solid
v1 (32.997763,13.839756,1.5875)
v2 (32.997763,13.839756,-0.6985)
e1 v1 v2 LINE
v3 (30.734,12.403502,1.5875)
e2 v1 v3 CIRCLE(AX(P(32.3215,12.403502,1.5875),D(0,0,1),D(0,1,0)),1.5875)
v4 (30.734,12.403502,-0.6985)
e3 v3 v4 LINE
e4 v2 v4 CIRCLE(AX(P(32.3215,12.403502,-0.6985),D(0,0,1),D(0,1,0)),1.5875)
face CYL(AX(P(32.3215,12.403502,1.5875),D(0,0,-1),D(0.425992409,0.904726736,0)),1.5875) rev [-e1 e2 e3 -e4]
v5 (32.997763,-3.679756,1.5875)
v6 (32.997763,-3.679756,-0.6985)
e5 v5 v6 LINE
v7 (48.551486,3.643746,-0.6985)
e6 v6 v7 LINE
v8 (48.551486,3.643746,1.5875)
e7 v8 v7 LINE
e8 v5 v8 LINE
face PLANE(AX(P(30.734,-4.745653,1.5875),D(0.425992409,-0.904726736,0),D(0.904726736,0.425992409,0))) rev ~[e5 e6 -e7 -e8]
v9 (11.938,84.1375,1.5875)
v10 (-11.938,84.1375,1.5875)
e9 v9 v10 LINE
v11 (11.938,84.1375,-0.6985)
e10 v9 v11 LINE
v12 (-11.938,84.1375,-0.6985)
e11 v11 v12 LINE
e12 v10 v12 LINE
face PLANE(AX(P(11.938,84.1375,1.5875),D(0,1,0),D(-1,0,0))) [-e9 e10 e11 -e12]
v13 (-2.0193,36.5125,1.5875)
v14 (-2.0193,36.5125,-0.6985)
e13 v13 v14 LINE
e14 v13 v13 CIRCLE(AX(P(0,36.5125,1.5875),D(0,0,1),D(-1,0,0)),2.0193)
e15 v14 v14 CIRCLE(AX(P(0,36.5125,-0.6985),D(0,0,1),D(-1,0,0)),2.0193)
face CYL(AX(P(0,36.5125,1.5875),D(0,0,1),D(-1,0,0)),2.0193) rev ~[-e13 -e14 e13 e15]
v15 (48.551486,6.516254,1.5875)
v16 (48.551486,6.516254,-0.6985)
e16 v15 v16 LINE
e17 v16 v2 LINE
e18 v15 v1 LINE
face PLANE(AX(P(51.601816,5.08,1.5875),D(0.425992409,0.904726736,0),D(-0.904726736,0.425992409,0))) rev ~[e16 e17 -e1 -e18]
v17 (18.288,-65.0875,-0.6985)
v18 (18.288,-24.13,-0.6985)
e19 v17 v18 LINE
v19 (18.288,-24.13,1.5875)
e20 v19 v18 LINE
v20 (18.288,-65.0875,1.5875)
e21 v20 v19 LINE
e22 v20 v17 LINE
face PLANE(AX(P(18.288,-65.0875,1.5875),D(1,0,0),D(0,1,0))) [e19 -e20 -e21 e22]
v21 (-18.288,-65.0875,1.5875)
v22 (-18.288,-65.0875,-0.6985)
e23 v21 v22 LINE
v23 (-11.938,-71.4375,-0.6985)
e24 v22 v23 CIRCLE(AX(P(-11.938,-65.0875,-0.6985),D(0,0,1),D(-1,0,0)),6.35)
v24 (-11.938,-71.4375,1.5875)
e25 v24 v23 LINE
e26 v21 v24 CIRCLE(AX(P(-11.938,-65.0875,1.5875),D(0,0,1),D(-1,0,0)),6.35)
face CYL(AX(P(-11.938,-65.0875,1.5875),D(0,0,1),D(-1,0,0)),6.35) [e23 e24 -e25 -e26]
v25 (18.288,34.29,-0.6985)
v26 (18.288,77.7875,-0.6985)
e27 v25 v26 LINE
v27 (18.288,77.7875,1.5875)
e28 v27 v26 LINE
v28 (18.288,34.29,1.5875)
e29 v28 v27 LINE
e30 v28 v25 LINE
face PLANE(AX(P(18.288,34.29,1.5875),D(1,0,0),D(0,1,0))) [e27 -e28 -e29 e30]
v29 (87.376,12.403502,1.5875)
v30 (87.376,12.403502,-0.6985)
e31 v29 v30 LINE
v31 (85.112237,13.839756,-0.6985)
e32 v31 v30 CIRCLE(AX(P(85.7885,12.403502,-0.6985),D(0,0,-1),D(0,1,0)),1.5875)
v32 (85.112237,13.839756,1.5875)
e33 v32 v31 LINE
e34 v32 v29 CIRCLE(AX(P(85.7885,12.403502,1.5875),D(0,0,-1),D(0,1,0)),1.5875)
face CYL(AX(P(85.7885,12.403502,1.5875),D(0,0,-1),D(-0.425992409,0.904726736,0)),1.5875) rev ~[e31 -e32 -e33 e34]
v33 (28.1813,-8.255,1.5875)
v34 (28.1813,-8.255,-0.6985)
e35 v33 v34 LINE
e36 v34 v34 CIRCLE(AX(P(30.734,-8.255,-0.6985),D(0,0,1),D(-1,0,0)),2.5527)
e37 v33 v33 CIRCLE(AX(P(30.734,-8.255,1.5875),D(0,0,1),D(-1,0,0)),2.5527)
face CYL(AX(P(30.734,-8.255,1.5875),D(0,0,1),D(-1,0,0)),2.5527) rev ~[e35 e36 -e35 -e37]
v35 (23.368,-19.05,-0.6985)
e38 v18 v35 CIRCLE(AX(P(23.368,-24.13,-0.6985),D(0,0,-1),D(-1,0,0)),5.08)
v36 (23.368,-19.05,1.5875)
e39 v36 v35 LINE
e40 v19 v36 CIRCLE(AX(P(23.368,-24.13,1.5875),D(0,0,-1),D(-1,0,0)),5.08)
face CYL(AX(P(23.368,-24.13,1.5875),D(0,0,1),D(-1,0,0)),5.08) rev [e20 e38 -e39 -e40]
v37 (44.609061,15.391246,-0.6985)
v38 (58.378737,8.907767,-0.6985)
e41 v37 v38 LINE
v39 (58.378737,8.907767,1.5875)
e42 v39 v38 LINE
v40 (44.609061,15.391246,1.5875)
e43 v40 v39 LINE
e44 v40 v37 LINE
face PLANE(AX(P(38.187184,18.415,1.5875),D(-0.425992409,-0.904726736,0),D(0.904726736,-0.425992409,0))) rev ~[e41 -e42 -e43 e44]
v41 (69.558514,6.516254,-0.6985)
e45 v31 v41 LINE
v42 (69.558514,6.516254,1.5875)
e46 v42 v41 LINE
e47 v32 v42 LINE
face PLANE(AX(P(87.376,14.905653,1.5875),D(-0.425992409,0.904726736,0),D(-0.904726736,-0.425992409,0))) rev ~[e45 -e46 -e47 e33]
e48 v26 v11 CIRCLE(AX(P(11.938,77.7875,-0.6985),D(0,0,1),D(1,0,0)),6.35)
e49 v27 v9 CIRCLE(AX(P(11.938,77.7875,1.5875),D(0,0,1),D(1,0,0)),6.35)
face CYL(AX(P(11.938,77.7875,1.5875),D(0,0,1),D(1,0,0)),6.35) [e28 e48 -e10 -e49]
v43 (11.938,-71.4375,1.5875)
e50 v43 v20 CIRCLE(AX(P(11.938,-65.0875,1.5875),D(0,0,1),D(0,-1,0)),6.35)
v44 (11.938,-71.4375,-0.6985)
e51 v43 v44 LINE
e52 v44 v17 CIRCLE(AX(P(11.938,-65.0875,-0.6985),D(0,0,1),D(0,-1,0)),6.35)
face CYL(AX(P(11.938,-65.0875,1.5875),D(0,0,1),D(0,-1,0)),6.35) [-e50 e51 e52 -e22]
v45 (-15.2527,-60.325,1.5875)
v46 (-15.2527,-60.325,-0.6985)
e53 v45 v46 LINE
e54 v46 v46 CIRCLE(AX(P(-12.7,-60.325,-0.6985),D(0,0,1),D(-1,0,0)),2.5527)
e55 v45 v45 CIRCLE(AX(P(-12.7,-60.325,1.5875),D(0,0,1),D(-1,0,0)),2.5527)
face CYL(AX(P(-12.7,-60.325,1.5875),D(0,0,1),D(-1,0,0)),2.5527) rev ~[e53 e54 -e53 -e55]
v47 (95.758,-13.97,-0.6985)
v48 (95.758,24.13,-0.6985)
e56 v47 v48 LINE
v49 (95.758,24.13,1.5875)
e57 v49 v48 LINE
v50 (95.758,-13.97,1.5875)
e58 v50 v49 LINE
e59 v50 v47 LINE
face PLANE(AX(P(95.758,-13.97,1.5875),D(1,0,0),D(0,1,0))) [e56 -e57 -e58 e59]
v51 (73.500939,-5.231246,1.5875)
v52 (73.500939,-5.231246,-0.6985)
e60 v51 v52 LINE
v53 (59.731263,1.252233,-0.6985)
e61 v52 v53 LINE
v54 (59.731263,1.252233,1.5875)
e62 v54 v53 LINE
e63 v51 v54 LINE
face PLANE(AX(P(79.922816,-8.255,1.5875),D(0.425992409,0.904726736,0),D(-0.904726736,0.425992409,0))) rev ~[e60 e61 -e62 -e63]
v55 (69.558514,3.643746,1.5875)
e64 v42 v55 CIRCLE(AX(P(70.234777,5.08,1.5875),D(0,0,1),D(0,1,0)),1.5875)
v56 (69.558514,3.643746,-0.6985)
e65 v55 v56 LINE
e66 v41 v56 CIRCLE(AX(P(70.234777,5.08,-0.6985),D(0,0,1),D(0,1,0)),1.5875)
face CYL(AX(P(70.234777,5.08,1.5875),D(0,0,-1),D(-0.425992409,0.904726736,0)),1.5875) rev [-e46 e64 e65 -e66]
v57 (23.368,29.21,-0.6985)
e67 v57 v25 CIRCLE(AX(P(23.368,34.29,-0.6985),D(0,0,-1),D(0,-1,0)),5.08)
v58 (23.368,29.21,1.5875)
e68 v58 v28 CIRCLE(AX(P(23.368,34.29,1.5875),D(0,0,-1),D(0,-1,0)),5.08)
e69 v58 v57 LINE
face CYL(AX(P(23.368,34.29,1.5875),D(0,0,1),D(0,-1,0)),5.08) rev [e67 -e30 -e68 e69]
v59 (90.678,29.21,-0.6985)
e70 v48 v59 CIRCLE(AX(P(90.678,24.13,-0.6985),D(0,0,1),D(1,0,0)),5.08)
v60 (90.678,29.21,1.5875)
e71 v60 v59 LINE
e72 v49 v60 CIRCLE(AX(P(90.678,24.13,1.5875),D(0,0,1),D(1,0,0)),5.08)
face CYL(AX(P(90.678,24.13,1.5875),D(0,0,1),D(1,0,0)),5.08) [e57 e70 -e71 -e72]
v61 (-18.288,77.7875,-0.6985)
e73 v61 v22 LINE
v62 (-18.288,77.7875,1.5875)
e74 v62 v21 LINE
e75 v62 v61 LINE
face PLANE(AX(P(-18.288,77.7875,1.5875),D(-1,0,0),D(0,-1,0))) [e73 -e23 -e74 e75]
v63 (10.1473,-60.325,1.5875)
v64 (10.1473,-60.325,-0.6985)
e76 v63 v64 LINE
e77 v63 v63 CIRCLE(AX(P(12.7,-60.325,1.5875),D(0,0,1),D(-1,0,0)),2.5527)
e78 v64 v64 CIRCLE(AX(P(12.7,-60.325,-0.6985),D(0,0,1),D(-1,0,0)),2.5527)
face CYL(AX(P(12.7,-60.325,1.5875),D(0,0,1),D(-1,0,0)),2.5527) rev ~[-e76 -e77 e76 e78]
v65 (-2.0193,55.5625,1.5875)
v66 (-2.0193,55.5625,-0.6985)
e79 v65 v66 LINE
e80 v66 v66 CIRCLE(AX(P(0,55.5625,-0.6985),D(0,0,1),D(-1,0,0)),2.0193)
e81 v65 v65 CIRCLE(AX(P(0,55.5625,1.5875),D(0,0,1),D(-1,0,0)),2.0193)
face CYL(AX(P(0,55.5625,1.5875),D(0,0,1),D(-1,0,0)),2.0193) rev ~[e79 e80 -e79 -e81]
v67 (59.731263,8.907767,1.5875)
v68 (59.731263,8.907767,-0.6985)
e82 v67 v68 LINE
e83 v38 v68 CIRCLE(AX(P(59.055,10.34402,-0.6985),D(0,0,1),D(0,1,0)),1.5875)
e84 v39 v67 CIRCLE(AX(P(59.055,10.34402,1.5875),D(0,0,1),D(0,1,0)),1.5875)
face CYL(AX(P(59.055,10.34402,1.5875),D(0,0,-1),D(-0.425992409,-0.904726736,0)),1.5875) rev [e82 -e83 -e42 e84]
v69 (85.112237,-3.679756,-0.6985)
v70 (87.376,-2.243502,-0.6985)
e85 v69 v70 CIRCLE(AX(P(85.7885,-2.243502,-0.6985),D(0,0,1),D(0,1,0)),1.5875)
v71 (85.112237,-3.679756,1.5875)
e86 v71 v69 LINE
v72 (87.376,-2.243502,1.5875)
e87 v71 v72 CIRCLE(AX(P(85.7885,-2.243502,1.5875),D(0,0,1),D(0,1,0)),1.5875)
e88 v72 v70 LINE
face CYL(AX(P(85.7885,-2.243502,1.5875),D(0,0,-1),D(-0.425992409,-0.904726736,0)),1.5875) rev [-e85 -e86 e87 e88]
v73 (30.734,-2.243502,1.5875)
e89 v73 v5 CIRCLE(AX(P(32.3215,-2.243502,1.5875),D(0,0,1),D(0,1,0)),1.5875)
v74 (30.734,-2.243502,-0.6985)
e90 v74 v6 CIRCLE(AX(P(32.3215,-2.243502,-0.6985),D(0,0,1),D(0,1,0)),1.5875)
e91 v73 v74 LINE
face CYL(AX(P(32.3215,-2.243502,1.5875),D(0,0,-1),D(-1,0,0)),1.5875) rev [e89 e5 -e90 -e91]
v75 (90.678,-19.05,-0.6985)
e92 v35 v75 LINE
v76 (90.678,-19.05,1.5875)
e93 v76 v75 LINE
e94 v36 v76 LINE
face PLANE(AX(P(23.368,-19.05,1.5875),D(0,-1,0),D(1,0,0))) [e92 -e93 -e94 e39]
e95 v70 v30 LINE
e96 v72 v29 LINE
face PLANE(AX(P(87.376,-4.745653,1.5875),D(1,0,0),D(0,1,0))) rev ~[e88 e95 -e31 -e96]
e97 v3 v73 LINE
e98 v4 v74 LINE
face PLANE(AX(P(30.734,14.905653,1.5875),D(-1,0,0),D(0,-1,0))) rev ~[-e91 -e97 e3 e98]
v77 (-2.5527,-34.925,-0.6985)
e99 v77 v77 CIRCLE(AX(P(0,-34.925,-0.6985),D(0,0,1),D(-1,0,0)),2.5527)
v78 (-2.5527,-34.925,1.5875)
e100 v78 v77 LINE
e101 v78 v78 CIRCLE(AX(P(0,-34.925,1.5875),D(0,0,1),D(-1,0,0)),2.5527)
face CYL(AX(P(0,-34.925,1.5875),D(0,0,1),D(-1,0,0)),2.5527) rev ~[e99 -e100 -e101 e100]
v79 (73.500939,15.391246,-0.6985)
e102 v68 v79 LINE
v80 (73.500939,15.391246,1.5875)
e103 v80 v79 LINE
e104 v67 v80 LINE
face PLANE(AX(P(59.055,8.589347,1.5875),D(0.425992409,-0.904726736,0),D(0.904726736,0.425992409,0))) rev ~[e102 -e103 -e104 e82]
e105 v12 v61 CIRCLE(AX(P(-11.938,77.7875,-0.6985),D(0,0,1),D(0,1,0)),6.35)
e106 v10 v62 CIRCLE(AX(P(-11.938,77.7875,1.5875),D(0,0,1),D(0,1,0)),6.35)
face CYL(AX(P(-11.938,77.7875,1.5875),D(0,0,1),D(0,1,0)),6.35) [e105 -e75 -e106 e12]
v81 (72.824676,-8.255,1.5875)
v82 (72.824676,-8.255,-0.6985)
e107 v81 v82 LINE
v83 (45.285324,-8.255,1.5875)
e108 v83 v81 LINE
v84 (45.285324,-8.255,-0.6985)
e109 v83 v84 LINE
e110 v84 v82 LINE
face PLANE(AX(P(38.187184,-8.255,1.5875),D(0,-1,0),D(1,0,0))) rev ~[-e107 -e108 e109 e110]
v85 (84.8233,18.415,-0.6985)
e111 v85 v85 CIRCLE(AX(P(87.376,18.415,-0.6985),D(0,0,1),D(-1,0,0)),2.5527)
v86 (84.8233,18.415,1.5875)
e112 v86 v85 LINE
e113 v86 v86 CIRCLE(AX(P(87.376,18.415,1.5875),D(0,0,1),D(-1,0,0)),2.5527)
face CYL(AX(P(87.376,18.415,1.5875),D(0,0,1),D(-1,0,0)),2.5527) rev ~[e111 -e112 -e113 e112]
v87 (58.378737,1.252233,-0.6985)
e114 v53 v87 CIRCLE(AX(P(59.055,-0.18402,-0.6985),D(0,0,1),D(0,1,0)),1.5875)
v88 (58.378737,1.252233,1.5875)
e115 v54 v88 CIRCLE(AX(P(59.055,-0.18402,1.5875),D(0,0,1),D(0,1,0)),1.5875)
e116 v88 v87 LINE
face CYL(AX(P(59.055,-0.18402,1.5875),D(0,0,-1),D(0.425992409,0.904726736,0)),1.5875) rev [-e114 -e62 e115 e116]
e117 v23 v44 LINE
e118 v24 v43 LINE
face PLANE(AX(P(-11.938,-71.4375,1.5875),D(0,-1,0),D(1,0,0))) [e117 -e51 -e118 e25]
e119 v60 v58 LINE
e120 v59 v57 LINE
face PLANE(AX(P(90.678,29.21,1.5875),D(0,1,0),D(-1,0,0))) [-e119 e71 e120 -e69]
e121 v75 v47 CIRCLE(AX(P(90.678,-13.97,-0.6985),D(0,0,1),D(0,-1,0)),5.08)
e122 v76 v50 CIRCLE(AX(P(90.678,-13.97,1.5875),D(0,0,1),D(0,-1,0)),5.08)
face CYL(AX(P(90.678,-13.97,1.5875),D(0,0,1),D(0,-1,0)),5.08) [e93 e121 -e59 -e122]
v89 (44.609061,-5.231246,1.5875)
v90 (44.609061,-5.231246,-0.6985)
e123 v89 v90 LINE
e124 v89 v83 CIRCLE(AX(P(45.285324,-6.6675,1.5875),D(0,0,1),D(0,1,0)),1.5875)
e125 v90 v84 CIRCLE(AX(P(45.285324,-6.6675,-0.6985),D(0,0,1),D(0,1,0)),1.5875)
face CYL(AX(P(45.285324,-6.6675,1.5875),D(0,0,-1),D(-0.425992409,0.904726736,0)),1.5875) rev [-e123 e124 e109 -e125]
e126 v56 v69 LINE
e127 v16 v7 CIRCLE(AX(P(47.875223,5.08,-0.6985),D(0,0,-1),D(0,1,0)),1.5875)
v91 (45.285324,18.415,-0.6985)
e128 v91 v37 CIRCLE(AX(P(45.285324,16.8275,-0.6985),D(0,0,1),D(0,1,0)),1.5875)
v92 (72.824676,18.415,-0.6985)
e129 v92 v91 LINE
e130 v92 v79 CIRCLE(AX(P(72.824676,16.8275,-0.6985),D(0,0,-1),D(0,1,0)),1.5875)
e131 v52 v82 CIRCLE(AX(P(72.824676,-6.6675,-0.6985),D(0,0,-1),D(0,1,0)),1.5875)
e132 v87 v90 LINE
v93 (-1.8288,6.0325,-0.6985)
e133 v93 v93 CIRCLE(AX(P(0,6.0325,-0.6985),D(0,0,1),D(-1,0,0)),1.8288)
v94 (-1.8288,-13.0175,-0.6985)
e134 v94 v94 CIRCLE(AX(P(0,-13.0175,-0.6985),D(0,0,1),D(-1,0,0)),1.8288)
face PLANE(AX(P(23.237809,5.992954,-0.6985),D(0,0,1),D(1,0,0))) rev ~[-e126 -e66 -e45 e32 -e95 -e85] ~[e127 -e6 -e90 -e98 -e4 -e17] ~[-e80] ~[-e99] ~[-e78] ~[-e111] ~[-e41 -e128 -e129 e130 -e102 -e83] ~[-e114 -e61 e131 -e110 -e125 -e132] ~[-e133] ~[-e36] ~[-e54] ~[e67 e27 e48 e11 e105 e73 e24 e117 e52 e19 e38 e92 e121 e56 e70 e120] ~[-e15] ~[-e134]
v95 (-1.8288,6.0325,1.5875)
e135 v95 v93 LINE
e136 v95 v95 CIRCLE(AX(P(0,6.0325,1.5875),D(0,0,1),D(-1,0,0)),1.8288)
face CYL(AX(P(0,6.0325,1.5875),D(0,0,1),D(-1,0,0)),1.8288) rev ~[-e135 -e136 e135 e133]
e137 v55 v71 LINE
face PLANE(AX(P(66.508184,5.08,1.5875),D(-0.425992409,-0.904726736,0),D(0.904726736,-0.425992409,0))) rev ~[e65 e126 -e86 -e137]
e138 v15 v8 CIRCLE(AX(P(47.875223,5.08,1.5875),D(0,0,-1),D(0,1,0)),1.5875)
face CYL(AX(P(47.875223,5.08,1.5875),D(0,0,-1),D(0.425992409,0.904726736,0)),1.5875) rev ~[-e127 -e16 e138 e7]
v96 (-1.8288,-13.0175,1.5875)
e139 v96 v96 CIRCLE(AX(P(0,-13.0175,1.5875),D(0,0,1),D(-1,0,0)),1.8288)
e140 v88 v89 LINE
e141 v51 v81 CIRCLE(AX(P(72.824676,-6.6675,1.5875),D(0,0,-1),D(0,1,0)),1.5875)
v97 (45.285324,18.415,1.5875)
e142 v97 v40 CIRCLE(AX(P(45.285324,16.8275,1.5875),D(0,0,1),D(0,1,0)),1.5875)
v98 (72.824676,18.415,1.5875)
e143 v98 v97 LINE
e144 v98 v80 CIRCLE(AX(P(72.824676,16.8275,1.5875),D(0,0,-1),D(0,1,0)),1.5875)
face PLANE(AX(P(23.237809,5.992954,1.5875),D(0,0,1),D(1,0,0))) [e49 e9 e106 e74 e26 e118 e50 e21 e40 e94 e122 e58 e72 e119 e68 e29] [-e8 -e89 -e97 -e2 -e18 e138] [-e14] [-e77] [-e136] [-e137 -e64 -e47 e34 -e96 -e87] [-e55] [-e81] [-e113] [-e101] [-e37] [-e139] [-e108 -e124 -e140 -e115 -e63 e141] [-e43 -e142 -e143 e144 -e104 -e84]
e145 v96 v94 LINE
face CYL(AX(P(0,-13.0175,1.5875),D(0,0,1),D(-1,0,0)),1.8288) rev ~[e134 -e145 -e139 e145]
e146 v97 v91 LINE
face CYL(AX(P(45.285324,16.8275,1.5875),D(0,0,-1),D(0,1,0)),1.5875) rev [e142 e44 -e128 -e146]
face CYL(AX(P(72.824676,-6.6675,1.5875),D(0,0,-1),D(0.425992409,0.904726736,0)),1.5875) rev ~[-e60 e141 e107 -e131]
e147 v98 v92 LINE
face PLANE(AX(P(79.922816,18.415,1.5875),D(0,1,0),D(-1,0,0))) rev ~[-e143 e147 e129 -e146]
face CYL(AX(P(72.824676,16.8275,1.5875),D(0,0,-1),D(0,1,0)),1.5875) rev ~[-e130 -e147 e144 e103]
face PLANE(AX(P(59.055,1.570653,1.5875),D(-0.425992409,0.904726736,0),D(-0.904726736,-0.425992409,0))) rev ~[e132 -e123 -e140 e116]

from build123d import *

# Parameters (mm, degrees)
SKETCH1_R           = 2.5527
SKETCH1_R_2         = 1.8288
SKETCH1_R_3         = 2.0193
BOSS_EXTRUDE1_DEPTH = 2.286
CUT_EXTRUDE1_DEPTH  = 128.490937977
FILLET1_R           = 1.5875


with BuildPart() as part:
    # Sketch1 → Boss-Extrude1 (new body)
    with BuildSketch(Plane.XY.offset(1.5875)):
        with BuildLine():
            Line((18.288, -65.0875), (18.288, -24.13))
            ThreePointArc((18.288, -24.13), (19.775897552, -20.537897552), (23.368, -19.05))
            Line((23.368, -19.05), (90.678, -19.05))
            ThreePointArc((90.678, -19.05), (94.270102448, -17.562102448), (95.758, -13.97))
            Line((95.758, -13.97), (95.758, 24.13))
            ThreePointArc((95.758, 24.13), (94.270102448, 27.722102448), (90.678, 29.21))
            Line((90.678, 29.21), (23.368, 29.21))
            ThreePointArc((23.368, 29.21), (19.775897552, 30.697897552), (18.288, 34.29))
            Line((18.288, 34.29), (18.288, 77.7875))
            ThreePointArc((18.288, 77.7875), (16.428128061, 82.277628061), (11.938, 84.1375))
            Line((11.938, 84.1375), (-11.938, 84.1375))
            ThreePointArc((-11.938, 84.1375), (-16.428128061, 82.277628061), (-18.288, 77.7875))
            Line((-18.288, 77.7875), (-18.288, -65.0875))
            ThreePointArc((-18.288, -65.0875), (-16.428128061, -69.577628061), (-11.938, -71.4375))
            Line((-11.938, -71.4375), (11.938, -71.4375))
            ThreePointArc((11.938, -71.4375), (16.428128061, -69.577628061), (18.288, -65.0875))
        make_face()
        with Locations(Location((87.376, 18.415, 0), (0, 0, 180))):
            Circle(SKETCH1_R, mode=Mode.SUBTRACT)
        with Locations(Location((30.734, -8.255, 0), (0, 0, 180))):
            Circle(SKETCH1_R, mode=Mode.SUBTRACT)
        with Locations(Location((0, -13.0175, 0), (0, 0, 180))):
            Circle(SKETCH1_R_2, mode=Mode.SUBTRACT)
        with Locations(Location((0, 6.0325, 0), (0, 0, 180))):
            Circle(SKETCH1_R_2, mode=Mode.SUBTRACT)
        with Locations(Location((0, 36.5125, 0), (0, 0, 180))):
            Circle(SKETCH1_R_3, mode=Mode.SUBTRACT)
        with Locations(Location((0, 55.5625, 0), (0, 0, 180))):
            Circle(SKETCH1_R_3, mode=Mode.SUBTRACT)
        with Locations(Location((12.7, -60.325, 0), (0, 0, 180))):
            Circle(SKETCH1_R, mode=Mode.SUBTRACT)
        with Locations(Location((-12.7, -60.325, 0), (0, 0, 180))):
            Circle(SKETCH1_R, mode=Mode.SUBTRACT)
        with Locations(Location((0, -34.925, 0), (0, 0, 180))):
            Circle(SKETCH1_R, mode=Mode.SUBTRACT)
    extrude(amount=-BOSS_EXTRUDE1_DEPTH)

    # Sketch2 → Cut-Extrude1 (cut, through all)
    with BuildSketch(Plane.XY.offset(1.5875)):
        Polygon((79.922815554, 18.415), (38.187184446, 18.415), (59.055, 8.589346937), align=None)
        Polygon((51.601815554, 5.08), (30.734, 14.905653063), (30.734, -4.745653063), align=None)
        Polygon((79.922815554, -8.255), (59.055, 1.570653063), (38.187184446, -8.255), align=None)
        Polygon((87.376, 14.905653063), (66.508184446, 5.08), (87.376, -4.745653063), align=None)
    extrude(amount=-CUT_EXTRUDE1_DEPTH, mode=Mode.SUBTRACT)

    # Fillet1
    fillet1_edges = [part.edges().sort_by_distance(p)[0] for p in [
        (30.734, 14.905653063, 0.4445),
        (51.601815554, 5.08, 0.4445),
        (59.055, 1.570653063, 0.4445),
        (79.922815554, -8.255, 0.4445),
        (38.187184446, -8.255, 0.4445),
        (66.508184446, 5.08, 0.4445),
        (87.376, 14.905653063, 0.4445),
        (87.376, -4.745653063, 0.4445),
        (38.187184446, 18.415, 0.4445),
        (79.922815554, 18.415, 0.4445),
        (59.055, 8.589346937, 0.4445),
        (30.734, -4.745653063, 0.4445),
    ]]
    fillet(fillet1_edges, radius=FILLET1_R)


solid = part.part
